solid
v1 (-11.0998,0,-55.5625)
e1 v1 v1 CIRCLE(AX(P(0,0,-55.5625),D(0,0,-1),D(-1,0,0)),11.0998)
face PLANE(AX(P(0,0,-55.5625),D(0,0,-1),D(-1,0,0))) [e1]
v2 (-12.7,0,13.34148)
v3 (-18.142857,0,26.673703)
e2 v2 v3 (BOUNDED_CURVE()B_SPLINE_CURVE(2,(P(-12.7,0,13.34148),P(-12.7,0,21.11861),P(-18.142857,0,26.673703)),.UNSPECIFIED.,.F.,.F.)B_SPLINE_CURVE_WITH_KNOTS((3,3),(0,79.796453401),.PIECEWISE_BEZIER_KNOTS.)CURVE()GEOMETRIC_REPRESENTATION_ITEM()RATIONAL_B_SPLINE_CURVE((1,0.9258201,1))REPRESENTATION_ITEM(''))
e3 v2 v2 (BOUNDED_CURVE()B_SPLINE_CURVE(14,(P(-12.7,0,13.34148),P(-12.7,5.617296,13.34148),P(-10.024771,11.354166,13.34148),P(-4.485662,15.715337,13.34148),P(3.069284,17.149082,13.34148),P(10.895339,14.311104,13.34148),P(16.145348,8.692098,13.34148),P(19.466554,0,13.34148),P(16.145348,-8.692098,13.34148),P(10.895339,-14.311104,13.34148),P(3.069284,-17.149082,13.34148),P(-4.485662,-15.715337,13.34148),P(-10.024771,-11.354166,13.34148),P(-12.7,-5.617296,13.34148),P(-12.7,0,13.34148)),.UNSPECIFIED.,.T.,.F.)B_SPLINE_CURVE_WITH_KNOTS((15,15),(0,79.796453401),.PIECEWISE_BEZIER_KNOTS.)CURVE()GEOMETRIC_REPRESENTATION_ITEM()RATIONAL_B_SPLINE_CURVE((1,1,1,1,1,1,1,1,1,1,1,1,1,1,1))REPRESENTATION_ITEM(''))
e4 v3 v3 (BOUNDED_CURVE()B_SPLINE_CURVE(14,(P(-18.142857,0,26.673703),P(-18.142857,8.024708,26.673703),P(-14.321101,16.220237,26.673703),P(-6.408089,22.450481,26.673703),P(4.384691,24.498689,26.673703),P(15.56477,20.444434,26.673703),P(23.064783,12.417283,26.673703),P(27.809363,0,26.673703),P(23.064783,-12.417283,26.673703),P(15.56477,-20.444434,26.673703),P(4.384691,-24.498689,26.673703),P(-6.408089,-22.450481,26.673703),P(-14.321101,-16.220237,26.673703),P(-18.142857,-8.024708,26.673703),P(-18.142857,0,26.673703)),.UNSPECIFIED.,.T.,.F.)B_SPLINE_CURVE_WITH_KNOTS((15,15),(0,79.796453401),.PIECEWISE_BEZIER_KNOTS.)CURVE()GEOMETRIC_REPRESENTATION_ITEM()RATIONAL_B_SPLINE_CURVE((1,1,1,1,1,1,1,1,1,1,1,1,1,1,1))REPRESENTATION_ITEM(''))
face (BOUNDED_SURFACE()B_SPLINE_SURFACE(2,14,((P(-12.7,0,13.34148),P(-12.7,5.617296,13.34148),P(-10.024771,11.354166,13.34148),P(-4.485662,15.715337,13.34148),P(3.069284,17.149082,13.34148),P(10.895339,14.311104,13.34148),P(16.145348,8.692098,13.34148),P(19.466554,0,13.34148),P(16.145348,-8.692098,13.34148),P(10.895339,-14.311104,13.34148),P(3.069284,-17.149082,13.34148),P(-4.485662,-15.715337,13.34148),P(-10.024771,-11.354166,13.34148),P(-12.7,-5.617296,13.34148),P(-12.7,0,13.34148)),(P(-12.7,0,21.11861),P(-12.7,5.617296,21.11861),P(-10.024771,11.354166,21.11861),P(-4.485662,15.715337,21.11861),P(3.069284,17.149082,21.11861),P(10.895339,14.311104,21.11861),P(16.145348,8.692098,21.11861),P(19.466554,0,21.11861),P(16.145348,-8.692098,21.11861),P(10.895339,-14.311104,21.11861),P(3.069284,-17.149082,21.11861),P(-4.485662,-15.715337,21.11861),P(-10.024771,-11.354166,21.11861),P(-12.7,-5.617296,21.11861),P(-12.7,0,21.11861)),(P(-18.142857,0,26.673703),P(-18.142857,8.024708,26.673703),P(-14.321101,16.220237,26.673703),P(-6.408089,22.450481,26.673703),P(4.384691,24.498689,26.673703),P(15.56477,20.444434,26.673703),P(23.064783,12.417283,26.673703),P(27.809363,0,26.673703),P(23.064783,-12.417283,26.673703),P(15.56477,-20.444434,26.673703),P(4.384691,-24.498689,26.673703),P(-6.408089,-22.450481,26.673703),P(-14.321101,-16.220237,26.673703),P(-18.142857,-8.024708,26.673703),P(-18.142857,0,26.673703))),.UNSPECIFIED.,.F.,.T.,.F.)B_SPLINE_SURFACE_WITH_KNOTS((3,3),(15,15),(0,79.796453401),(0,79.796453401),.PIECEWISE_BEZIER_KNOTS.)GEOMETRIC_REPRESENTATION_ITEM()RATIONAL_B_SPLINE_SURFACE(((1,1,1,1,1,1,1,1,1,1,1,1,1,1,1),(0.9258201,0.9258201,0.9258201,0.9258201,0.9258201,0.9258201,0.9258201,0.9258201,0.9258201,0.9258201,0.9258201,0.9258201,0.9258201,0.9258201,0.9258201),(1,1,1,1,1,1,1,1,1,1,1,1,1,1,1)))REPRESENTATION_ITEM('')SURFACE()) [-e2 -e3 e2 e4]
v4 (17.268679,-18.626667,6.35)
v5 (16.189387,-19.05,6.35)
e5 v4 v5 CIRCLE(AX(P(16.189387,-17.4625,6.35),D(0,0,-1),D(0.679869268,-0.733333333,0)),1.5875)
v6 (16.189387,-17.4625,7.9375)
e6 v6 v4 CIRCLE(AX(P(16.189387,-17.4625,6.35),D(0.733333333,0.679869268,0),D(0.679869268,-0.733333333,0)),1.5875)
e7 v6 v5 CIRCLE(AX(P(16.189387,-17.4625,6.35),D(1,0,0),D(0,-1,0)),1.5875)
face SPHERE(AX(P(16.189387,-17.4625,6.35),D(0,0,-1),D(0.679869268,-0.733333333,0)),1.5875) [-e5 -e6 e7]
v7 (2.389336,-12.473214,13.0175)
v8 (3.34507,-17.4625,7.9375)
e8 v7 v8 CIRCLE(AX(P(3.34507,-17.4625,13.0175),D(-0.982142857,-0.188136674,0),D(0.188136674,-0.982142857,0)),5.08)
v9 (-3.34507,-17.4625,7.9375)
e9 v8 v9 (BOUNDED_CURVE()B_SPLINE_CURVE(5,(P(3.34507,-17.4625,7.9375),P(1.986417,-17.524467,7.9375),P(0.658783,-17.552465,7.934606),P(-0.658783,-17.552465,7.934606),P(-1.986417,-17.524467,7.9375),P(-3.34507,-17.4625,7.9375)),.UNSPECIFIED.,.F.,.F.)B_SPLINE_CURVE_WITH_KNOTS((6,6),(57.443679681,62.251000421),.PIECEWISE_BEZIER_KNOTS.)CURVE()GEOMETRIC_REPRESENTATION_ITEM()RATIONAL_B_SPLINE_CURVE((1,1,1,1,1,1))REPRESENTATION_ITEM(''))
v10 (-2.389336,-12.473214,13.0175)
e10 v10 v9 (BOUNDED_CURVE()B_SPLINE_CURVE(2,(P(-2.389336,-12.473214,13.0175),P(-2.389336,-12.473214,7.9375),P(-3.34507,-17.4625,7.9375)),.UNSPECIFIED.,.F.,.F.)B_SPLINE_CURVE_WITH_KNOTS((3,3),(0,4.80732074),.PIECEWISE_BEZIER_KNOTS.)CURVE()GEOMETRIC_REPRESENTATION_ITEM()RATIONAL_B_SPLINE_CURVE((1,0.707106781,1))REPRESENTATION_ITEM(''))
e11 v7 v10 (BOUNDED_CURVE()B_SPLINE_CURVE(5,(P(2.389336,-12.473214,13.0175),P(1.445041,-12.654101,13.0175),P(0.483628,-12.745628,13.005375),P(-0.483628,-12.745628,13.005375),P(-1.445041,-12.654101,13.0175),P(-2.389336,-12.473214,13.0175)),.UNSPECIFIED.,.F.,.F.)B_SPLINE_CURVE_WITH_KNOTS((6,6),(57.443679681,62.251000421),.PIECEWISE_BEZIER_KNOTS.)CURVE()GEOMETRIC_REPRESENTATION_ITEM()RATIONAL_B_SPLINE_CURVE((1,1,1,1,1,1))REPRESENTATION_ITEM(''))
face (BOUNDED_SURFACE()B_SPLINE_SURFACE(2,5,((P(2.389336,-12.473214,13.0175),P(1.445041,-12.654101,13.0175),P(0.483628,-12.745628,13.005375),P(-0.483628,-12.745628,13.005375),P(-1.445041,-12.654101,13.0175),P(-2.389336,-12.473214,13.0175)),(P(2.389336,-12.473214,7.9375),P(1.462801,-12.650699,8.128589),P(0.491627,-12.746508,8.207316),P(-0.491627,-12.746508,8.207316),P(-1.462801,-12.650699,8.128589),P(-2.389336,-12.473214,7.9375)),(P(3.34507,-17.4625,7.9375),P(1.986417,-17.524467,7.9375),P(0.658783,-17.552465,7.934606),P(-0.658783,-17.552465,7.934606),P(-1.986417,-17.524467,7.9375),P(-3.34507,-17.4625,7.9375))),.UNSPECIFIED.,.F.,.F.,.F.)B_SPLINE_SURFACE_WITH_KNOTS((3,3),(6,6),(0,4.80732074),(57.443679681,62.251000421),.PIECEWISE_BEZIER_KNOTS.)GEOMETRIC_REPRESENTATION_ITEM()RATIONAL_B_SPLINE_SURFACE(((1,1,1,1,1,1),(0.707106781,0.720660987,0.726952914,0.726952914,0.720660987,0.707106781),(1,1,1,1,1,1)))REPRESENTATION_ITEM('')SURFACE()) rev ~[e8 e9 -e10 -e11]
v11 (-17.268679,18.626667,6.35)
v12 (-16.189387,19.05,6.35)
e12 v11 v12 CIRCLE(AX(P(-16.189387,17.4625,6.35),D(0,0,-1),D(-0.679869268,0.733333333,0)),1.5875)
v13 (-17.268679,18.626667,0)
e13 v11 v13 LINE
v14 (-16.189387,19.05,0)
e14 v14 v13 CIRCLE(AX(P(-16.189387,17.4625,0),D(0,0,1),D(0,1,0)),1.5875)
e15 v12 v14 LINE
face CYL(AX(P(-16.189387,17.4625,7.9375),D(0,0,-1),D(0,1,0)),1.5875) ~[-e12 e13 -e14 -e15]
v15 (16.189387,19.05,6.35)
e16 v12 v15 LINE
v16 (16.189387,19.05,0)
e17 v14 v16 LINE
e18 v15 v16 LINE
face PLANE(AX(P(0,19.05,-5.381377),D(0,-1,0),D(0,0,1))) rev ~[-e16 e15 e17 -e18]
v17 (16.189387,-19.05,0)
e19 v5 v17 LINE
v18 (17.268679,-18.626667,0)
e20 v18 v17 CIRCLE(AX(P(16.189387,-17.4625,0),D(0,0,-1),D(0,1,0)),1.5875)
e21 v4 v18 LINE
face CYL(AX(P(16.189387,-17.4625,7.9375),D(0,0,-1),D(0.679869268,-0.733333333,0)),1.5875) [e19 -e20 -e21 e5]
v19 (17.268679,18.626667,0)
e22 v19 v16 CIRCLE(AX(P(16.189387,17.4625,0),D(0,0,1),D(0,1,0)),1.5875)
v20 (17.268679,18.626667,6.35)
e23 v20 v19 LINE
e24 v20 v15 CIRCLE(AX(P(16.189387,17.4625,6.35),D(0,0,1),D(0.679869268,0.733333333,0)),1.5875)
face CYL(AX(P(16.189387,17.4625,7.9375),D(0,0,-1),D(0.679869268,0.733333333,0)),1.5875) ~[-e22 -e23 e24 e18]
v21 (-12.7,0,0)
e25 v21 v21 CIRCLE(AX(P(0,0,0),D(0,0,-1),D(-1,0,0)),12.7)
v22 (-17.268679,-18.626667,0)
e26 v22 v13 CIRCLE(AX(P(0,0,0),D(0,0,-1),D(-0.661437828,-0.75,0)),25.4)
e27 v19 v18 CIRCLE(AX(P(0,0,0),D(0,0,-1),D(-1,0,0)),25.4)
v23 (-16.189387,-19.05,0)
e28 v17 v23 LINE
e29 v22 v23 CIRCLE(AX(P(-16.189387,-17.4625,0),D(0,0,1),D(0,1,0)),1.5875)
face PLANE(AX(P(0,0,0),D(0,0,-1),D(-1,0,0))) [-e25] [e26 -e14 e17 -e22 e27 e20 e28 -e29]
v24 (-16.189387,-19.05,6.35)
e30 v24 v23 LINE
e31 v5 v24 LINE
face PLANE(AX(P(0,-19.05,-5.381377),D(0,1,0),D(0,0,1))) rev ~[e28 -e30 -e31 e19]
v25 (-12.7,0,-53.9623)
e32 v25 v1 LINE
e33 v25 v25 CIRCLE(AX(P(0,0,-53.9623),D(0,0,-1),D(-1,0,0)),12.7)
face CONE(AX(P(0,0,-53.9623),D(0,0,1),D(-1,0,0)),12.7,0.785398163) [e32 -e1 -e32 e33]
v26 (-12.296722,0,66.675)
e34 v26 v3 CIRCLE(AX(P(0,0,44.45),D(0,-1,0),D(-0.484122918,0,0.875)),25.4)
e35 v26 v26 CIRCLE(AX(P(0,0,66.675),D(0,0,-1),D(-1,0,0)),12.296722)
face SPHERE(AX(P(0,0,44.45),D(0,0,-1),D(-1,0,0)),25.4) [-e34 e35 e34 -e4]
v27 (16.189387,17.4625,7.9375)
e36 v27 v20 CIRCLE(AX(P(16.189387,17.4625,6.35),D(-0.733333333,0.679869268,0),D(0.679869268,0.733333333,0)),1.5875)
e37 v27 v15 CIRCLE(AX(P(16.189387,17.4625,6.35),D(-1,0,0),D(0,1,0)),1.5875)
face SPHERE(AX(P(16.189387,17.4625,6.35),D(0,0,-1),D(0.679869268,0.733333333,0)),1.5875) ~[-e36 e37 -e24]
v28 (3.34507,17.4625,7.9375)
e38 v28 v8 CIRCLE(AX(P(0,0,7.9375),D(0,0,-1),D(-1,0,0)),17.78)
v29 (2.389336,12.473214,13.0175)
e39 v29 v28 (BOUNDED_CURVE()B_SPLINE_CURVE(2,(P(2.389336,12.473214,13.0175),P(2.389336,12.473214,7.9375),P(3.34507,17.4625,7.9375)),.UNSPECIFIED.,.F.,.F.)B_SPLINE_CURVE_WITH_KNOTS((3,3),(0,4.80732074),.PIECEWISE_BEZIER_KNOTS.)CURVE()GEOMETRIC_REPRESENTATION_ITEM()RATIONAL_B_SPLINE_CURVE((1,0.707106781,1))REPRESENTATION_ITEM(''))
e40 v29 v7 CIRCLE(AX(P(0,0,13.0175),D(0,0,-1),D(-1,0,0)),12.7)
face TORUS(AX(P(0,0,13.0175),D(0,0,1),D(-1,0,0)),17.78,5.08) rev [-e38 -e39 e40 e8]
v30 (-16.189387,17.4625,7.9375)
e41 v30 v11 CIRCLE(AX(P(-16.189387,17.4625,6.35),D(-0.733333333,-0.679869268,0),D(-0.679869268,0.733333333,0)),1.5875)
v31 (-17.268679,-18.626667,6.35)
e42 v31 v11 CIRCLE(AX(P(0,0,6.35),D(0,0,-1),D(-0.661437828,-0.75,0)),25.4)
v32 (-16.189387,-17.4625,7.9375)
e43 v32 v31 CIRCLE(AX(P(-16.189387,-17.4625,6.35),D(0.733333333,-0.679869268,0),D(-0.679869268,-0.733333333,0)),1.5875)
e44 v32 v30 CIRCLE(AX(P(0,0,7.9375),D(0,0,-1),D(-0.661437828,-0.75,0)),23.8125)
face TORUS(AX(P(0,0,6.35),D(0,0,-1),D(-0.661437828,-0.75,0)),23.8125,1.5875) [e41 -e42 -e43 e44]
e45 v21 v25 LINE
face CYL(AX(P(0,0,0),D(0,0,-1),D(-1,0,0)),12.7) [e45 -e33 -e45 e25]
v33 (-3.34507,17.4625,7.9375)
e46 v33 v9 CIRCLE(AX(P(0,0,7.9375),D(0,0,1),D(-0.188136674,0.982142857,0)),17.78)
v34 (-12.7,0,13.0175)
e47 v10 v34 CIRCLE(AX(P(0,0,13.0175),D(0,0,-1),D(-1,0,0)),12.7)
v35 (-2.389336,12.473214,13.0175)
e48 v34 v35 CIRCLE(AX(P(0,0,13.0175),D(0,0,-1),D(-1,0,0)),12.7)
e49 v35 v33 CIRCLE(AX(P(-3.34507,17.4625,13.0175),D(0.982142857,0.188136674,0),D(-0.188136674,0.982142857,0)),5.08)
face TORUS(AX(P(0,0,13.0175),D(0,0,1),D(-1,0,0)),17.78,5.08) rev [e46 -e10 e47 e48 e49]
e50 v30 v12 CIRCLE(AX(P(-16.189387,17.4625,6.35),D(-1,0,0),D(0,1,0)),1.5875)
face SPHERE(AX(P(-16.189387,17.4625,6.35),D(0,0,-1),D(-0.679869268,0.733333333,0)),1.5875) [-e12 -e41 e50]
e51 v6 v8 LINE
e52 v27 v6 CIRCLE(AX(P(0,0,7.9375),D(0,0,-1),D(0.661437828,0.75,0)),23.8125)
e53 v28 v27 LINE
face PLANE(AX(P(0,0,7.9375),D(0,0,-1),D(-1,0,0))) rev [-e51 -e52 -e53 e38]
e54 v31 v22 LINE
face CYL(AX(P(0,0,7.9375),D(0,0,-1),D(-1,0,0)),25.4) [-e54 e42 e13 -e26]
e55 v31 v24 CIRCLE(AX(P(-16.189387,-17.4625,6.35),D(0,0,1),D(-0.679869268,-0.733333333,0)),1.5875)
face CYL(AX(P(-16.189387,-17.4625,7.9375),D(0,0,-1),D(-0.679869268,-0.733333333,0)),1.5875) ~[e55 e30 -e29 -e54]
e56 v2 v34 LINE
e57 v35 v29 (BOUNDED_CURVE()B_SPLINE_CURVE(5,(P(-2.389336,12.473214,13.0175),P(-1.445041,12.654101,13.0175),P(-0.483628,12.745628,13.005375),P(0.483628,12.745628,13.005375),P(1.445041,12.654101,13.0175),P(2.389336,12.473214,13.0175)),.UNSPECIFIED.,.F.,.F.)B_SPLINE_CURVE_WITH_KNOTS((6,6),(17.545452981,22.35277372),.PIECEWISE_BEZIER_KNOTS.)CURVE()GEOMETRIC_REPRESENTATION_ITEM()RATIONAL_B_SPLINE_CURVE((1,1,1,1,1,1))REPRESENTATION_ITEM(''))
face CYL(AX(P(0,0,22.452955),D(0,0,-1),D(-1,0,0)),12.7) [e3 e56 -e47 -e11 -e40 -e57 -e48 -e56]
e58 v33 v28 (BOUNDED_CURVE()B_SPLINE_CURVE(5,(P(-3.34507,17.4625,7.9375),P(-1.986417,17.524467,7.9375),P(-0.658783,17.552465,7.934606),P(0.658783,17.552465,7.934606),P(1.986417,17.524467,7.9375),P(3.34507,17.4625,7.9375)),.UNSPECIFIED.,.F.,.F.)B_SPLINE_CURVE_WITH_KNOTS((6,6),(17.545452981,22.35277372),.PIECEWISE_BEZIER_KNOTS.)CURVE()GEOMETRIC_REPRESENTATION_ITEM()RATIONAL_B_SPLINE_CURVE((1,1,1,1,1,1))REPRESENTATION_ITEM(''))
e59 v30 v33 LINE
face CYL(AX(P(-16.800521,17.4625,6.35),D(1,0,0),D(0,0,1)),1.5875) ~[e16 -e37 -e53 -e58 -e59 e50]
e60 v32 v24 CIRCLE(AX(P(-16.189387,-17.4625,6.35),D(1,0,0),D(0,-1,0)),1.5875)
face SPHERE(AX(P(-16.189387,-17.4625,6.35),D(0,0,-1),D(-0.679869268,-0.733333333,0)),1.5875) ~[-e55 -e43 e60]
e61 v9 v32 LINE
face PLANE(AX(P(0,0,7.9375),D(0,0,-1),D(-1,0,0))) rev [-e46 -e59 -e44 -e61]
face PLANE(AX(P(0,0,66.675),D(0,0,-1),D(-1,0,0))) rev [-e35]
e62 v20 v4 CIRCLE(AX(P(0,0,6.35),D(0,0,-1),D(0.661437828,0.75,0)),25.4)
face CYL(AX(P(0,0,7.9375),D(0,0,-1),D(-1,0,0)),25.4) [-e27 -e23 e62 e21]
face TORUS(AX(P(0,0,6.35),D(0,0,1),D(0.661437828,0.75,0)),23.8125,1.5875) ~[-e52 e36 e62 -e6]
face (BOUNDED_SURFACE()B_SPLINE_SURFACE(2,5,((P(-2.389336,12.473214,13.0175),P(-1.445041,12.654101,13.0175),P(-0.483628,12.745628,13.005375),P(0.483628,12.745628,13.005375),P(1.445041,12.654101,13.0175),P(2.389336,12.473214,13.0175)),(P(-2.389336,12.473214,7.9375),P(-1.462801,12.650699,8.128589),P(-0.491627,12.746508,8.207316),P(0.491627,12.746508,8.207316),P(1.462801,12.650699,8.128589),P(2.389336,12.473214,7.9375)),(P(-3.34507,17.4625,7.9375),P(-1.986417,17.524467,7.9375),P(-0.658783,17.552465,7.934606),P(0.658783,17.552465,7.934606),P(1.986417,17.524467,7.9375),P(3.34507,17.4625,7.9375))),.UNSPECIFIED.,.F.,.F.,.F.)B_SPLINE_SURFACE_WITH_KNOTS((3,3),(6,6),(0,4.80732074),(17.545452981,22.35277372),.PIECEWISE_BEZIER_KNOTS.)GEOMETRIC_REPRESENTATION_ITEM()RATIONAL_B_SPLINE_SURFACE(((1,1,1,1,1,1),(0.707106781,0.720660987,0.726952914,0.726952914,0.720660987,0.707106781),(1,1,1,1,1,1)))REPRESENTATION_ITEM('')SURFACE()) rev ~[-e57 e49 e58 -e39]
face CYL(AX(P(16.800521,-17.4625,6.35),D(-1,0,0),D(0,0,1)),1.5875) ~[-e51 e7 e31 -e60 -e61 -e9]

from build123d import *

# Parameters (mm, degrees)
F2_W          = 30.5360297733
F2_H          = 20.1705897587
F3_DEPTH      = 25.401
F3_DEPTH_BACK = 25.4
F4_R          = 1.5875
F5_SIZE       = 1.6002
F6_R          = 19.05
F7_R          = 5.08


with BuildPart() as f1:
    # F0 (on Front) → F1 (revolve)
    with BuildSketch(Plane.XZ):
        with BuildLine():
            Line((-25.4, 0), (-12.7, 0))
            Line((-12.7, 0), (-12.7, -55.5625))
            Line((-12.7, -55.5625), (0, -55.5625))
            Line((0, -55.5625), (0, 0))
            Line((0, 0), (0, 7.9375))
            Line((0, 7.9375), (0, 19.05))
            Line((0, 19.05), (0, 66.675))
            Line((0, 66.675), (-12.2967221242, 66.675))
            ThreePointArc((-12.2967221242, 66.675), (-25.3989438933, 44.6816227592), (-12.7, 22.4529547439))
            Line((-12.7, 22.4529547439), (-12.7, 7.9375))
            Line((-12.7, 7.9375), (-25.4, 7.9375))
            Line((-25.4, 7.9375), (-25.4, 0))
        make_face()
    revolve(axis=Axis((0, 0, -27.78125), (0, 0, -1)))

    # F2 (on Right) → F3 (cut, two sides)
    with BuildSketch(Plane.YZ) as f3_sk:
        with Locations((-34.3180148866, 4.7039177944)):
            Rectangle(F2_W, F2_H)
        with Locations((34.3180148866, 4.7039177944)):
            Rectangle(F2_W, F2_H)
    extrude(amount=-F3_DEPTH, mode=Mode.SUBTRACT)
    extrude(f3_sk.sketch, amount=F3_DEPTH_BACK, mode=Mode.SUBTRACT)

    # F4
    f4_edges = [f1.edges().sort_by_distance(p)[0] for p in [
        (-25.4, 0, 7.9375),
        (25.4, 0, 7.9375),
        (0, -19.05, 7.9375),
        (0, 19.05, 7.9375),
        (16.800521, 19.05, 3.96875),
        (-16.800521, 19.05, 3.96875),
        (16.800521, -19.05, 3.96875),
        (-16.800521, -19.05, 3.96875),
    ]]
    fillet(f4_edges, radius=F4_R)

    # F5
    f5_edges = [f1.edges().sort_by_distance(p)[0] for p in [
        (12.7, 0, -55.5625),
    ]]
    chamfer(f5_edges, length=F5_SIZE)

    # F6
    f6_edges = [f1.edges().sort_by_distance(p)[0] for p in [
        (12.7, 0, 22.452955),
    ]]
    fillet(f6_edges, radius=F6_R)

    # F7
    f7_edges = [f1.edges().sort_by_distance(p)[0] for p in [
        (12.7, 0, 7.9375),
    ]]
    fillet(f7_edges, radius=F7_R)


solid = f1.part
